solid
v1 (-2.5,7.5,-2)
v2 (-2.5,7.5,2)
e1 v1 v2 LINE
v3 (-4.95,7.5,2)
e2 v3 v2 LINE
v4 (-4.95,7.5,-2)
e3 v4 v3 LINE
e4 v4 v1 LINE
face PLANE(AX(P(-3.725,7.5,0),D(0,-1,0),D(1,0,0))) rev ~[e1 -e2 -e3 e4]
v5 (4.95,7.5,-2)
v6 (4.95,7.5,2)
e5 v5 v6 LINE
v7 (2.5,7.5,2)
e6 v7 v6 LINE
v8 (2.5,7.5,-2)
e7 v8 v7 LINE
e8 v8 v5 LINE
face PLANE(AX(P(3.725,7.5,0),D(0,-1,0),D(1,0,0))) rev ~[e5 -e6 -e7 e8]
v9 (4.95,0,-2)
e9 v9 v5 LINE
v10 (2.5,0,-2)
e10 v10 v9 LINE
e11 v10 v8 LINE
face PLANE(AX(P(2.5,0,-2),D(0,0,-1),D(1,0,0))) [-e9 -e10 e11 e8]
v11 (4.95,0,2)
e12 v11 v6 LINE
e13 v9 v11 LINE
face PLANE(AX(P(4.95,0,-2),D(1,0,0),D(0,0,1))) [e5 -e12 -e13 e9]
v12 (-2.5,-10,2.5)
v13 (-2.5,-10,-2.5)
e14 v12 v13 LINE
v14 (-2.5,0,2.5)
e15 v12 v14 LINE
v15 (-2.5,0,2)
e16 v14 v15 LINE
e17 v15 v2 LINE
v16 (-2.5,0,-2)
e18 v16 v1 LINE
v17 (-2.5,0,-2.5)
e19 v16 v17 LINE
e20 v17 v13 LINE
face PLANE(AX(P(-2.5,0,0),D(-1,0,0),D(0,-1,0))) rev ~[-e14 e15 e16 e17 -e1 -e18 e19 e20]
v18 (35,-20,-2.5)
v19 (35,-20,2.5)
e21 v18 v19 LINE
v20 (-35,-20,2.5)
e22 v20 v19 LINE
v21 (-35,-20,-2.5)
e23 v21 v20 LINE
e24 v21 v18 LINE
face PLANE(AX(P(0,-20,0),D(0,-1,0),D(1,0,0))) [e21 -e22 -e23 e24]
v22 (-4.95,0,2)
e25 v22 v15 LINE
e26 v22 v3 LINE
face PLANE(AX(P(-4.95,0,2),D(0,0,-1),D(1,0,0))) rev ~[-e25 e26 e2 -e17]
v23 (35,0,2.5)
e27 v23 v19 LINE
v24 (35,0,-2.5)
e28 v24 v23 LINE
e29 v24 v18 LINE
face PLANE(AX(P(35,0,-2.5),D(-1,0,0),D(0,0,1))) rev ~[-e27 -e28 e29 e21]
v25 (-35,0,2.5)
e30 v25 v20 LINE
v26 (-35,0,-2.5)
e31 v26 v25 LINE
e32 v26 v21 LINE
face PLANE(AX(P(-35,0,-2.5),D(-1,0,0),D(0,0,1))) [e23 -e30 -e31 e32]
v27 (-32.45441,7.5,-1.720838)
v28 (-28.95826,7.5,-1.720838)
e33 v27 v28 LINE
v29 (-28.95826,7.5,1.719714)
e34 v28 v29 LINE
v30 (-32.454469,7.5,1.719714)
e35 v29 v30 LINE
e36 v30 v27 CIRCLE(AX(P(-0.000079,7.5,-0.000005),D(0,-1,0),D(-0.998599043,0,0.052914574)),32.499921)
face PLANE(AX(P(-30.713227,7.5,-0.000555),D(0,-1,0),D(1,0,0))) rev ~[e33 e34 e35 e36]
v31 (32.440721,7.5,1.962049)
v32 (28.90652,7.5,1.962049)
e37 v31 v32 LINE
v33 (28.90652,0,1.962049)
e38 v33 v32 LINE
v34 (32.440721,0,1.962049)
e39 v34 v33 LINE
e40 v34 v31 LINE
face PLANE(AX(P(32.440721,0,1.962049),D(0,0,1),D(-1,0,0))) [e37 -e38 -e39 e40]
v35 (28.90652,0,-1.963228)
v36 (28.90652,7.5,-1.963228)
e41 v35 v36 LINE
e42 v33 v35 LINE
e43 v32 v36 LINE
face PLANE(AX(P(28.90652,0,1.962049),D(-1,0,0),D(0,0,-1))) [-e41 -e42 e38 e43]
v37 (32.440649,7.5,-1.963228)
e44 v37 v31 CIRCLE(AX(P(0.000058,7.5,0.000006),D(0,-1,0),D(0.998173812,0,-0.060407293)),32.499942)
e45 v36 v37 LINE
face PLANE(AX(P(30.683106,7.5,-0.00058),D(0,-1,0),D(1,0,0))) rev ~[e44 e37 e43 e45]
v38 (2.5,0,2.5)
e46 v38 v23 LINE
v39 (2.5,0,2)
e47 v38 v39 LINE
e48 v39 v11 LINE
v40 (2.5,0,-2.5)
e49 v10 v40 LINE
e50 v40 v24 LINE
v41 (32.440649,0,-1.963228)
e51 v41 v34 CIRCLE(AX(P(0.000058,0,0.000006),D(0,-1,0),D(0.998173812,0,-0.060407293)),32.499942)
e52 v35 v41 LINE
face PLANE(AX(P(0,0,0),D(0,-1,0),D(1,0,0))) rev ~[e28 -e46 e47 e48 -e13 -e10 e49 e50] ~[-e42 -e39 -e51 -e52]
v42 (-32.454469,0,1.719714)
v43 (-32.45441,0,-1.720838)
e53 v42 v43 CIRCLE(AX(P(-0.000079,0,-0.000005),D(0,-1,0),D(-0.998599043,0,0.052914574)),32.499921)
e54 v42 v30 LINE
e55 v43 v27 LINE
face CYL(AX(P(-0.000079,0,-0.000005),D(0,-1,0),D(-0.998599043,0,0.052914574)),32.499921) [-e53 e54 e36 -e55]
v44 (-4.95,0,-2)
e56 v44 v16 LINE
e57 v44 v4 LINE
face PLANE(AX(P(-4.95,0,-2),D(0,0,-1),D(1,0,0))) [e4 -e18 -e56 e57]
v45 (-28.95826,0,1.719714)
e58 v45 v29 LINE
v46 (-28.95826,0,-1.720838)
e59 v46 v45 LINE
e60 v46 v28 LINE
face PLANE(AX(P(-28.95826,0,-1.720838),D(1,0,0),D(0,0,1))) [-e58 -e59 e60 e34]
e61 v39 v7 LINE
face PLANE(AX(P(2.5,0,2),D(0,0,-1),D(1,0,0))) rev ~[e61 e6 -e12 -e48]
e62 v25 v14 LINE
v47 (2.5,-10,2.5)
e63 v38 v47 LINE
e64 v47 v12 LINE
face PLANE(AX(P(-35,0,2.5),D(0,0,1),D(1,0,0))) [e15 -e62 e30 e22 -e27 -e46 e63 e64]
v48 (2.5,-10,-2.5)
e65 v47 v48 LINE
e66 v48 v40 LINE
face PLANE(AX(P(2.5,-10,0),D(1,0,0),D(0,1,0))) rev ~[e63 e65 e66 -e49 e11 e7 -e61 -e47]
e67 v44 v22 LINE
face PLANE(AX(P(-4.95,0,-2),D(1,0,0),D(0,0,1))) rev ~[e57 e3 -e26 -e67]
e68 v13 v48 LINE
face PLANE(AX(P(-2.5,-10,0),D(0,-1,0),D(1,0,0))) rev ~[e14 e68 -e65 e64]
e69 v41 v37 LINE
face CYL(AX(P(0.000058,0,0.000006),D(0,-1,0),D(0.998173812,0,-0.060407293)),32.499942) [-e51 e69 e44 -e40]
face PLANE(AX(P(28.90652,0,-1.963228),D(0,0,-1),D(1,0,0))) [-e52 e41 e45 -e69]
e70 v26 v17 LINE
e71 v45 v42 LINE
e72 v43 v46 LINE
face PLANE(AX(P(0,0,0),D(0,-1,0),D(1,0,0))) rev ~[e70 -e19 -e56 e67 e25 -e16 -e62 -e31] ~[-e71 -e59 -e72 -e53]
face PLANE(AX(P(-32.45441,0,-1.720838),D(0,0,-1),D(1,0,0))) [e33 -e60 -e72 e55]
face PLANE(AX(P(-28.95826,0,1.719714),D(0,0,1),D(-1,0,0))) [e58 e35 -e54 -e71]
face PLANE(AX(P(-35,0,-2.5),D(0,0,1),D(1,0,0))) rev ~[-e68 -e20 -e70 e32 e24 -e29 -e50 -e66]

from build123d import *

# Parameters (mm, degrees)
F0_W     = 70
F0_H     = 5
F1_DEPTH = 20
F3_DEPTH = 2.501
F4_DEPTH = 2.501
F5_W     = 2.45
F5_H     = 4
F6_DEPTH = 7.5


with BuildPart() as f1:
    # F0 (on Front) → F1 (new body)
    with BuildSketch(Plane.XZ):
        Rectangle(F0_W, F0_H)
    extrude(amount=F1_DEPTH)

    # F2 (on Top) → F3 (cut, through all)
    with BuildSketch(Plane.XY):
        Polygon((2.5, 0), (0, 0), (-2.5, 0), (-2.5, -10), (2.5, -10), align=None)
    extrude(amount=-F3_DEPTH, mode=Mode.SUBTRACT)

    # F2 (on Top) → F4 (cut, through all)
    with BuildSketch(Plane.XY):
        Polygon((2.5, 0), (0, 0), (-2.5, 0), (-2.5, -10), (2.5, -10), align=None)
    extrude(amount=F4_DEPTH, mode=Mode.SUBTRACT)

    # F5 (on Front) → F6 (join)
    with BuildSketch(Plane.XZ):
        with BuildLine():
            Line((28.90652, -1.963228), (32.440649, -1.963228))
            ThreePointArc((32.440649, -1.963228), (32.5, -0.00059), (32.440721, 1.962049))
            Line((32.440721, 1.962049), (28.90652, 1.962049))
            Line((28.90652, 1.962049), (28.90652, -1.963228))
        make_face()
        with BuildLine():
            Line((-28.95826, 1.719714), (-32.454469, 1.719714))
            ThreePointArc((-32.454469, 1.719714), (-32.5, -0.000563), (-32.45441, -1.720838))
            Line((-32.45441, -1.720838), (-28.95826, -1.720838))
            Line((-28.95826, -1.720838), (-28.95826, 1.719714))
        make_face()
        with Locations((-3.725, 0)):
            Rectangle(F5_W, F5_H)
        with Locations((3.725, 0)):
            Rectangle(F5_W, F5_H)
    extrude(amount=-F6_DEPTH)


solid = f1.part
